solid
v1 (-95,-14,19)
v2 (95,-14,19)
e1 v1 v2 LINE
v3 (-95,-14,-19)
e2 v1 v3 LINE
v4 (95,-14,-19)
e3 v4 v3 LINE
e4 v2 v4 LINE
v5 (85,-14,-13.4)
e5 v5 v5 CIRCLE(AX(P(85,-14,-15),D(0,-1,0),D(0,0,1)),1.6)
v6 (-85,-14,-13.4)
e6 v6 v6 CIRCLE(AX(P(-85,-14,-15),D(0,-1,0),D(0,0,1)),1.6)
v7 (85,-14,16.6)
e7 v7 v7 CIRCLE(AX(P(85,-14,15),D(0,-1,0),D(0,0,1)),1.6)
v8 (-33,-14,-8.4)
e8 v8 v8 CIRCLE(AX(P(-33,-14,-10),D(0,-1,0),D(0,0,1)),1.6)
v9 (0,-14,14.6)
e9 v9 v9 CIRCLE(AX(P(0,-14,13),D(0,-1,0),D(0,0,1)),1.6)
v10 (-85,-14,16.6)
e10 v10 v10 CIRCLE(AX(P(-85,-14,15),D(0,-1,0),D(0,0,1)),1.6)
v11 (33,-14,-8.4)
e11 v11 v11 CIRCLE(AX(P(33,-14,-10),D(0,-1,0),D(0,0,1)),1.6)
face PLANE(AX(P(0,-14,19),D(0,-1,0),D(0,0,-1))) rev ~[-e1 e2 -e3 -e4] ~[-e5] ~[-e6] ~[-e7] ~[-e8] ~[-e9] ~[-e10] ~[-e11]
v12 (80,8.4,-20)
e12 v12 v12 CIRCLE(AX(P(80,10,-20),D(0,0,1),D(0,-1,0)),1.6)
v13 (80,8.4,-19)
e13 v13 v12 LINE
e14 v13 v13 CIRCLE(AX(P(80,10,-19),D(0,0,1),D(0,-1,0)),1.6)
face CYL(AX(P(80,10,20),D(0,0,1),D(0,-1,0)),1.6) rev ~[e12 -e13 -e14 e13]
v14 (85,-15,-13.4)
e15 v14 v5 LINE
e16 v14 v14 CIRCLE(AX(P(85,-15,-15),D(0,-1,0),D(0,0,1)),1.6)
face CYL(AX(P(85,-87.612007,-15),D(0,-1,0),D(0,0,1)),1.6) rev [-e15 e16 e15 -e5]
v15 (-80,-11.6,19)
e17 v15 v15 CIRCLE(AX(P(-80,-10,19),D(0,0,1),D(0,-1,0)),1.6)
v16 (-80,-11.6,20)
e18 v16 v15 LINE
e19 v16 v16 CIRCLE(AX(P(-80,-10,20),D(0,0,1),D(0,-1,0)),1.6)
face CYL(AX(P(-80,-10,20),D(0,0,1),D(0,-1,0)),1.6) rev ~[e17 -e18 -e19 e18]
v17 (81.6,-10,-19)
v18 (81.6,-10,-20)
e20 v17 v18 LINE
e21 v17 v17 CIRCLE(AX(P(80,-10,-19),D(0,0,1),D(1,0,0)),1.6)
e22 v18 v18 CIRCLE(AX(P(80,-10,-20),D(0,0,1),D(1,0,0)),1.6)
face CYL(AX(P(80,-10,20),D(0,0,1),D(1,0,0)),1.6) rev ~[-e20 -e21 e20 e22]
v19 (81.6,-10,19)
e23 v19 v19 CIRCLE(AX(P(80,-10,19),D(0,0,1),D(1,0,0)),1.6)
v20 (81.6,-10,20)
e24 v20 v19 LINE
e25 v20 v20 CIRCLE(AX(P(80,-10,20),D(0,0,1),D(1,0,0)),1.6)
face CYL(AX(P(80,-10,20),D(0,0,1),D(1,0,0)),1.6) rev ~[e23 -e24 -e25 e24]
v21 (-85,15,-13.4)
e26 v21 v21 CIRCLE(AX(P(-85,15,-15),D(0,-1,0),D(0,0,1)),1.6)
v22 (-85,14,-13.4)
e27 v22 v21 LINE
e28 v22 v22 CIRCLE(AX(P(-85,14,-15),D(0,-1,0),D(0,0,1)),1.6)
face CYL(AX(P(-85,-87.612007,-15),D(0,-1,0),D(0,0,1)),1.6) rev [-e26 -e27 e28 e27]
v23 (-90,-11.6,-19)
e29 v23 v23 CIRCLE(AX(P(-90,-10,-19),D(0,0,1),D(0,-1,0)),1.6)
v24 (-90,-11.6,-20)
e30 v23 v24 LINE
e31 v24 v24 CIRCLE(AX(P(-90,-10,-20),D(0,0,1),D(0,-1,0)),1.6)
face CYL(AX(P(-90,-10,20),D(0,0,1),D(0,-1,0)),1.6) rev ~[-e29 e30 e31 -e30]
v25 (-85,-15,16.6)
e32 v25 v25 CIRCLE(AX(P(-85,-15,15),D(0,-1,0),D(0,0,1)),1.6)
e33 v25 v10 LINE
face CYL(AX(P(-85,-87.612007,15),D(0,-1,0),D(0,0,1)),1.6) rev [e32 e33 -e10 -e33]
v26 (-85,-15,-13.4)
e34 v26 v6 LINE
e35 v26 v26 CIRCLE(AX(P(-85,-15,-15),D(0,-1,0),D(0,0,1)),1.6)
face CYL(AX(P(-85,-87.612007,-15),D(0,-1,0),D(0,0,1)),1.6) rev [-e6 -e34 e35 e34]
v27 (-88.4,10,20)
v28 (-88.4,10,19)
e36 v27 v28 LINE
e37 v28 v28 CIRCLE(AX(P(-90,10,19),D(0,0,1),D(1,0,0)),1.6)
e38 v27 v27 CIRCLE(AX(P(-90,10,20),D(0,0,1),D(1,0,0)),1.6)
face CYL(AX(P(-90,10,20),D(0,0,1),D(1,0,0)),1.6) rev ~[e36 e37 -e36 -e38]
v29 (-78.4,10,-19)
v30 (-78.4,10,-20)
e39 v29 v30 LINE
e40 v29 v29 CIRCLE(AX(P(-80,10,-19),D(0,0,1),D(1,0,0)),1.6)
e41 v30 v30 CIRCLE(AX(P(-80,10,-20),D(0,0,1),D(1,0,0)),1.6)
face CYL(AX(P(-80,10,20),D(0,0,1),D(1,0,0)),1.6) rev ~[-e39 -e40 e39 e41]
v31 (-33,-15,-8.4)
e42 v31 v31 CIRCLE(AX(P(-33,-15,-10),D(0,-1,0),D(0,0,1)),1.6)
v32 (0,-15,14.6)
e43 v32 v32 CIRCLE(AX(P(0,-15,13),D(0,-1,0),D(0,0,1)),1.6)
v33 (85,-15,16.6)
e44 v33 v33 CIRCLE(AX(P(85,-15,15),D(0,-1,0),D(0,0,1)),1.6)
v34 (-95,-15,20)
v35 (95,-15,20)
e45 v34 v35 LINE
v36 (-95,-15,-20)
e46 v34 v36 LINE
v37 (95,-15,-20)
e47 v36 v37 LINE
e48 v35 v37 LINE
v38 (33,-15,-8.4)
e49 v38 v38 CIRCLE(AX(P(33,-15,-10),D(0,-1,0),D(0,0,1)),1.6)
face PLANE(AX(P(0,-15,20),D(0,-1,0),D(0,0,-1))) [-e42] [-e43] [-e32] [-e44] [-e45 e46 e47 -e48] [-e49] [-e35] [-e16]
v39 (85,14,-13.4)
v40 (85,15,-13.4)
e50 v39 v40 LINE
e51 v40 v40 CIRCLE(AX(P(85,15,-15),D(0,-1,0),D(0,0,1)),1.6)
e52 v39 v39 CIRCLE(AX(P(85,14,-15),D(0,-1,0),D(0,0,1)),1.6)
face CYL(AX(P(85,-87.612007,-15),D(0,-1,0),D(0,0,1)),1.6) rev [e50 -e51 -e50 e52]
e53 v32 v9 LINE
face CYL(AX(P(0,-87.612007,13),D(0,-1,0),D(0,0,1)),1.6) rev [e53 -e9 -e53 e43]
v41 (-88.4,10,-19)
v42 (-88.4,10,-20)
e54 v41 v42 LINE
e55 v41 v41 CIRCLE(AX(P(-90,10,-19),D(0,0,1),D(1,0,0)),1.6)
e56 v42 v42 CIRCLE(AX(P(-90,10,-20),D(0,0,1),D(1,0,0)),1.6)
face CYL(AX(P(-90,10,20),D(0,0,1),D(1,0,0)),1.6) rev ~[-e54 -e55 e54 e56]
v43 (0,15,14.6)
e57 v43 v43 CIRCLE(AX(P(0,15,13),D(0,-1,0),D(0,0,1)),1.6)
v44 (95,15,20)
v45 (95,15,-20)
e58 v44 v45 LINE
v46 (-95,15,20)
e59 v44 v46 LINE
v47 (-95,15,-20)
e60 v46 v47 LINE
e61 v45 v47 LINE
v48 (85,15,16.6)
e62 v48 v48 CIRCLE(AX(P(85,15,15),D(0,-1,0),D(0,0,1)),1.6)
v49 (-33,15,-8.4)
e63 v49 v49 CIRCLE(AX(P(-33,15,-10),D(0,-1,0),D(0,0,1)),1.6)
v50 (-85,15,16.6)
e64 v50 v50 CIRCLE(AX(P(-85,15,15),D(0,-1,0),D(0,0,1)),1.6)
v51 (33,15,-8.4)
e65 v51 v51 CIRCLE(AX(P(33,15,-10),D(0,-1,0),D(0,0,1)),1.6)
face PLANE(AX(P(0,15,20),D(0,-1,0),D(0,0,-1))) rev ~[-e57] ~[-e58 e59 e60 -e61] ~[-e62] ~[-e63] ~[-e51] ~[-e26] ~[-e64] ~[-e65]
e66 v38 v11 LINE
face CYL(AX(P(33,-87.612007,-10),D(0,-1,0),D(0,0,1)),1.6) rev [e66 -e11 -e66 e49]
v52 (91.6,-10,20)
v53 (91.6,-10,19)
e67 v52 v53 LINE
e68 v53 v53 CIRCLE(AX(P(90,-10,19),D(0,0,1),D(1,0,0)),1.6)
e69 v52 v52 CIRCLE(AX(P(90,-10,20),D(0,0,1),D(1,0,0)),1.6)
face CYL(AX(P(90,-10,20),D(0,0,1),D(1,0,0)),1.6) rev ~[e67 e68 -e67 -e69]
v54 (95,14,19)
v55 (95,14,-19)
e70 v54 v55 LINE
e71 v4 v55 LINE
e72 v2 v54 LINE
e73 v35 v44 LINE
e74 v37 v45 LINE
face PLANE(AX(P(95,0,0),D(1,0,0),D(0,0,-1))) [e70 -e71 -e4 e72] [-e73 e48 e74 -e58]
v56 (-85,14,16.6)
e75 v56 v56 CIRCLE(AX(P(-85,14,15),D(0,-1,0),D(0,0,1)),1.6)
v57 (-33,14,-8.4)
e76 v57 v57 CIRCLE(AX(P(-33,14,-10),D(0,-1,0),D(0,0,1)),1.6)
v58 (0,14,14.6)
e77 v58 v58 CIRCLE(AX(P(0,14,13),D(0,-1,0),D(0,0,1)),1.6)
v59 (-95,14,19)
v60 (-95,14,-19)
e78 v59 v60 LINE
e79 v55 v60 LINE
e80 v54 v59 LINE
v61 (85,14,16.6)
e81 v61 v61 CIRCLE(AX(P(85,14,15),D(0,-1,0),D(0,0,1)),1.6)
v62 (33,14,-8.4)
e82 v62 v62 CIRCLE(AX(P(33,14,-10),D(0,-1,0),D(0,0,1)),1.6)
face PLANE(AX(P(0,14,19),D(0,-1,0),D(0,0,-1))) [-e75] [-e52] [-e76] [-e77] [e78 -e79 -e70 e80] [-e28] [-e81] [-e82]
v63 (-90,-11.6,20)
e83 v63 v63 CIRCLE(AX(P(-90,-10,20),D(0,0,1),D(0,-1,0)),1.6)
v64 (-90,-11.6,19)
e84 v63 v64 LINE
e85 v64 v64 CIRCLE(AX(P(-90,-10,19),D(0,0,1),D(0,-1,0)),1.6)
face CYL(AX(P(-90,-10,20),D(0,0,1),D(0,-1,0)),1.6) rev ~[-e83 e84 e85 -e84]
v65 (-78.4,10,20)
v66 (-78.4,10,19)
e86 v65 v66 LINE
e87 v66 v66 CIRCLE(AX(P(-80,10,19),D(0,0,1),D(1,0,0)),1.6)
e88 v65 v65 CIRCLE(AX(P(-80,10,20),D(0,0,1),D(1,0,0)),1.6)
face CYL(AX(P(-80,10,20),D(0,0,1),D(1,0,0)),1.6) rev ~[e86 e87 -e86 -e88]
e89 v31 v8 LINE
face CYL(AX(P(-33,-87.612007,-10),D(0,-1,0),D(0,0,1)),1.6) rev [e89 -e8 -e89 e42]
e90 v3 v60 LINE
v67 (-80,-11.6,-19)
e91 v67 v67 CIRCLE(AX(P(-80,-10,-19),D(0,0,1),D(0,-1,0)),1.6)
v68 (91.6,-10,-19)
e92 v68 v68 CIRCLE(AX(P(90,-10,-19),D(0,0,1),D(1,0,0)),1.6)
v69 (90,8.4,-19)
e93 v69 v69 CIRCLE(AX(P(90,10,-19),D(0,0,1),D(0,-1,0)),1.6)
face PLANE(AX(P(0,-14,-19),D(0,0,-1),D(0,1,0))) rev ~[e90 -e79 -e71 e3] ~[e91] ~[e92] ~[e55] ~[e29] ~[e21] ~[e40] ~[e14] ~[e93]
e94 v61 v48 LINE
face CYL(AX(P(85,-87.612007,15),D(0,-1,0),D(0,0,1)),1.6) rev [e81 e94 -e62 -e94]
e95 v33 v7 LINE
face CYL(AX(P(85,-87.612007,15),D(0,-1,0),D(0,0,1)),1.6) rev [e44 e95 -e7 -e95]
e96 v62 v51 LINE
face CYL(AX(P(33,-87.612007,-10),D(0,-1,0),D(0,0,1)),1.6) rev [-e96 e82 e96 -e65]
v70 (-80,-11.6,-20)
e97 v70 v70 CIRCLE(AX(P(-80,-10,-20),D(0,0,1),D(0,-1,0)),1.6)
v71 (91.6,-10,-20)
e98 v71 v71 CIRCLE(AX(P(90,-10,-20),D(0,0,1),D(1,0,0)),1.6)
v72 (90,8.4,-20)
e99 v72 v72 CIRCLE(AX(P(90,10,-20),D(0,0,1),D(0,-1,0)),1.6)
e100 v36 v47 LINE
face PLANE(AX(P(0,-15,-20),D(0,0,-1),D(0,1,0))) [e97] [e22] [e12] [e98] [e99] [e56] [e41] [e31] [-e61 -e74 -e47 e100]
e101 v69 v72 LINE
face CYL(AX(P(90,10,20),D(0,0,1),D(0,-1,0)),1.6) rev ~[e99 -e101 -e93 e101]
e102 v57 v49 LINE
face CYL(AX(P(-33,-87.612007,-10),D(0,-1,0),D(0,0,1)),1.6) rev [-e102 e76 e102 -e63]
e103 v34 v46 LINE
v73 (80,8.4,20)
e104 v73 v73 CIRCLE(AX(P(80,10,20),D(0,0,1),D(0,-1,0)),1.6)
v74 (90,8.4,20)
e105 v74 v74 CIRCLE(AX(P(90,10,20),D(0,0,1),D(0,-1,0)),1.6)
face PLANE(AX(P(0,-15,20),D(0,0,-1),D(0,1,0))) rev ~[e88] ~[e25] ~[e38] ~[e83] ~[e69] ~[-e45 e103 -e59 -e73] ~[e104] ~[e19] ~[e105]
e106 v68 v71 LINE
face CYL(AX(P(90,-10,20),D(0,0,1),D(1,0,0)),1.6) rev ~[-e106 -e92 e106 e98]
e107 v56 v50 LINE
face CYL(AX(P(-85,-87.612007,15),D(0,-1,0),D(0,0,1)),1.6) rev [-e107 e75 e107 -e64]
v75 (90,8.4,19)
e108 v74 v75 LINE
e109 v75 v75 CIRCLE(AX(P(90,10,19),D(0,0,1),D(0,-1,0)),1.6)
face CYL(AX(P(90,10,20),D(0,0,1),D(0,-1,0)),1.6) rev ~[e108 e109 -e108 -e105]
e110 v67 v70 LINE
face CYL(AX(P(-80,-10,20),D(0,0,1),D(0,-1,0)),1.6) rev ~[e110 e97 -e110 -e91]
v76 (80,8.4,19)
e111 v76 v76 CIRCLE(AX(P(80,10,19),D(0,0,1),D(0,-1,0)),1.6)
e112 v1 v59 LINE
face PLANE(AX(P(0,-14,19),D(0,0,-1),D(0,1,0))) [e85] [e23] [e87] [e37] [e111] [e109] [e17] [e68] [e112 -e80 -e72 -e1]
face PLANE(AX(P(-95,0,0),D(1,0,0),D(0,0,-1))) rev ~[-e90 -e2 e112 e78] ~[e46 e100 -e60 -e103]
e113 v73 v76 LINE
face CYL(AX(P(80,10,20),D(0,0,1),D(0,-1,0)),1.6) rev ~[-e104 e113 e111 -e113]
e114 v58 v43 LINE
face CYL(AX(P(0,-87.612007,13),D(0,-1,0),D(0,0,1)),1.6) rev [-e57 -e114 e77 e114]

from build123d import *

# Parameters (mm, degrees)
SKETCH_1_W               = 40
SKETCH_1_H               = 30
SKETCH_1_W_2             = 38
SKETCH_1_H_2             = 28
EXTRUDE_1_DEPTH          = 95
CUT_EXTRUDE_1_DEPTH      = 102.612007165
CUT_EXTRUDE_1_DEPTH_BACK = 102.612007165
SKETCH_2_R               = 1.6
SKETCH_3_R               = 1.6
CUT_EXTRUDE_2_DEPTH      = 105.16333328


with BuildPart() as part:
    # 草图1 → 凸台-拉伸1 (new, symmetric)
    with BuildSketch(Plane(origin=(0, 0, 0), x_dir=(0, 0, -1), z_dir=(1, 0, 0))):
        Rectangle(SKETCH_1_W, SKETCH_1_H)
        Rectangle(SKETCH_1_W_2, SKETCH_1_H_2, mode=Mode.SUBTRACT)
    extrude(amount=EXTRUDE_1_DEPTH, both=True)

    # 草图2 → 切除-拉伸1 (cut, two sides: drawn at the far end of the back side and taken through both)
    with BuildSketch(Plane(origin=(0, 15, 0), x_dir=(1, 0, 0), z_dir=(0, 1, 0)).offset(-CUT_EXTRUDE_1_DEPTH_BACK)):
        with Locations(Location((0, -13, 0), (0, 0, 270))):
            Circle(SKETCH_2_R)
        with Locations(Location((-33, 10, 0), (0, 0, 270))):
            Circle(SKETCH_2_R)
        with Locations(Location((33, 10, 0), (0, 0, 270))):
            Circle(SKETCH_2_R)
        with Locations(Location((-85, 15, 0), (0, 0, 270))):
            Circle(SKETCH_2_R)
        with Locations(Location((-85, -15, 0), (0, 0, 270))):
            Circle(SKETCH_2_R)
        with Locations(Location((85, -15, 0), (0, 0, 270))):
            Circle(SKETCH_2_R)
        with Locations(Location((85, 15, 0), (0, 0, 270))):
            Circle(SKETCH_2_R)
    extrude(amount=CUT_EXTRUDE_1_DEPTH + CUT_EXTRUDE_1_DEPTH_BACK, mode=Mode.SUBTRACT)

    # 草图3 → 切除-拉伸2 (cut, through all)
    with BuildSketch(Plane.XY.offset(20)):
        with Locations((-90, 10)):
            Circle(SKETCH_3_R)
        with Locations(Location((-90, -10, 0), (0, 0, 270))):
            Circle(SKETCH_3_R)
        with Locations((-80, 10)):
            Circle(SKETCH_3_R)
        with Locations(Location((-80, -10, 0), (0, 0, 270))):
            Circle(SKETCH_3_R)
        with Locations((80, -10)):
            Circle(SKETCH_3_R)
        with Locations(Location((80, 10, 0), (0, 0, 270))):
            Circle(SKETCH_3_R)
        with Locations((90, -10)):
            Circle(SKETCH_3_R)
        with Locations(Location((90, 10, 0), (0, 0, 270))):
            Circle(SKETCH_3_R)
    extrude(amount=-CUT_EXTRUDE_2_DEPTH, mode=Mode.SUBTRACT)


solid = part.part
